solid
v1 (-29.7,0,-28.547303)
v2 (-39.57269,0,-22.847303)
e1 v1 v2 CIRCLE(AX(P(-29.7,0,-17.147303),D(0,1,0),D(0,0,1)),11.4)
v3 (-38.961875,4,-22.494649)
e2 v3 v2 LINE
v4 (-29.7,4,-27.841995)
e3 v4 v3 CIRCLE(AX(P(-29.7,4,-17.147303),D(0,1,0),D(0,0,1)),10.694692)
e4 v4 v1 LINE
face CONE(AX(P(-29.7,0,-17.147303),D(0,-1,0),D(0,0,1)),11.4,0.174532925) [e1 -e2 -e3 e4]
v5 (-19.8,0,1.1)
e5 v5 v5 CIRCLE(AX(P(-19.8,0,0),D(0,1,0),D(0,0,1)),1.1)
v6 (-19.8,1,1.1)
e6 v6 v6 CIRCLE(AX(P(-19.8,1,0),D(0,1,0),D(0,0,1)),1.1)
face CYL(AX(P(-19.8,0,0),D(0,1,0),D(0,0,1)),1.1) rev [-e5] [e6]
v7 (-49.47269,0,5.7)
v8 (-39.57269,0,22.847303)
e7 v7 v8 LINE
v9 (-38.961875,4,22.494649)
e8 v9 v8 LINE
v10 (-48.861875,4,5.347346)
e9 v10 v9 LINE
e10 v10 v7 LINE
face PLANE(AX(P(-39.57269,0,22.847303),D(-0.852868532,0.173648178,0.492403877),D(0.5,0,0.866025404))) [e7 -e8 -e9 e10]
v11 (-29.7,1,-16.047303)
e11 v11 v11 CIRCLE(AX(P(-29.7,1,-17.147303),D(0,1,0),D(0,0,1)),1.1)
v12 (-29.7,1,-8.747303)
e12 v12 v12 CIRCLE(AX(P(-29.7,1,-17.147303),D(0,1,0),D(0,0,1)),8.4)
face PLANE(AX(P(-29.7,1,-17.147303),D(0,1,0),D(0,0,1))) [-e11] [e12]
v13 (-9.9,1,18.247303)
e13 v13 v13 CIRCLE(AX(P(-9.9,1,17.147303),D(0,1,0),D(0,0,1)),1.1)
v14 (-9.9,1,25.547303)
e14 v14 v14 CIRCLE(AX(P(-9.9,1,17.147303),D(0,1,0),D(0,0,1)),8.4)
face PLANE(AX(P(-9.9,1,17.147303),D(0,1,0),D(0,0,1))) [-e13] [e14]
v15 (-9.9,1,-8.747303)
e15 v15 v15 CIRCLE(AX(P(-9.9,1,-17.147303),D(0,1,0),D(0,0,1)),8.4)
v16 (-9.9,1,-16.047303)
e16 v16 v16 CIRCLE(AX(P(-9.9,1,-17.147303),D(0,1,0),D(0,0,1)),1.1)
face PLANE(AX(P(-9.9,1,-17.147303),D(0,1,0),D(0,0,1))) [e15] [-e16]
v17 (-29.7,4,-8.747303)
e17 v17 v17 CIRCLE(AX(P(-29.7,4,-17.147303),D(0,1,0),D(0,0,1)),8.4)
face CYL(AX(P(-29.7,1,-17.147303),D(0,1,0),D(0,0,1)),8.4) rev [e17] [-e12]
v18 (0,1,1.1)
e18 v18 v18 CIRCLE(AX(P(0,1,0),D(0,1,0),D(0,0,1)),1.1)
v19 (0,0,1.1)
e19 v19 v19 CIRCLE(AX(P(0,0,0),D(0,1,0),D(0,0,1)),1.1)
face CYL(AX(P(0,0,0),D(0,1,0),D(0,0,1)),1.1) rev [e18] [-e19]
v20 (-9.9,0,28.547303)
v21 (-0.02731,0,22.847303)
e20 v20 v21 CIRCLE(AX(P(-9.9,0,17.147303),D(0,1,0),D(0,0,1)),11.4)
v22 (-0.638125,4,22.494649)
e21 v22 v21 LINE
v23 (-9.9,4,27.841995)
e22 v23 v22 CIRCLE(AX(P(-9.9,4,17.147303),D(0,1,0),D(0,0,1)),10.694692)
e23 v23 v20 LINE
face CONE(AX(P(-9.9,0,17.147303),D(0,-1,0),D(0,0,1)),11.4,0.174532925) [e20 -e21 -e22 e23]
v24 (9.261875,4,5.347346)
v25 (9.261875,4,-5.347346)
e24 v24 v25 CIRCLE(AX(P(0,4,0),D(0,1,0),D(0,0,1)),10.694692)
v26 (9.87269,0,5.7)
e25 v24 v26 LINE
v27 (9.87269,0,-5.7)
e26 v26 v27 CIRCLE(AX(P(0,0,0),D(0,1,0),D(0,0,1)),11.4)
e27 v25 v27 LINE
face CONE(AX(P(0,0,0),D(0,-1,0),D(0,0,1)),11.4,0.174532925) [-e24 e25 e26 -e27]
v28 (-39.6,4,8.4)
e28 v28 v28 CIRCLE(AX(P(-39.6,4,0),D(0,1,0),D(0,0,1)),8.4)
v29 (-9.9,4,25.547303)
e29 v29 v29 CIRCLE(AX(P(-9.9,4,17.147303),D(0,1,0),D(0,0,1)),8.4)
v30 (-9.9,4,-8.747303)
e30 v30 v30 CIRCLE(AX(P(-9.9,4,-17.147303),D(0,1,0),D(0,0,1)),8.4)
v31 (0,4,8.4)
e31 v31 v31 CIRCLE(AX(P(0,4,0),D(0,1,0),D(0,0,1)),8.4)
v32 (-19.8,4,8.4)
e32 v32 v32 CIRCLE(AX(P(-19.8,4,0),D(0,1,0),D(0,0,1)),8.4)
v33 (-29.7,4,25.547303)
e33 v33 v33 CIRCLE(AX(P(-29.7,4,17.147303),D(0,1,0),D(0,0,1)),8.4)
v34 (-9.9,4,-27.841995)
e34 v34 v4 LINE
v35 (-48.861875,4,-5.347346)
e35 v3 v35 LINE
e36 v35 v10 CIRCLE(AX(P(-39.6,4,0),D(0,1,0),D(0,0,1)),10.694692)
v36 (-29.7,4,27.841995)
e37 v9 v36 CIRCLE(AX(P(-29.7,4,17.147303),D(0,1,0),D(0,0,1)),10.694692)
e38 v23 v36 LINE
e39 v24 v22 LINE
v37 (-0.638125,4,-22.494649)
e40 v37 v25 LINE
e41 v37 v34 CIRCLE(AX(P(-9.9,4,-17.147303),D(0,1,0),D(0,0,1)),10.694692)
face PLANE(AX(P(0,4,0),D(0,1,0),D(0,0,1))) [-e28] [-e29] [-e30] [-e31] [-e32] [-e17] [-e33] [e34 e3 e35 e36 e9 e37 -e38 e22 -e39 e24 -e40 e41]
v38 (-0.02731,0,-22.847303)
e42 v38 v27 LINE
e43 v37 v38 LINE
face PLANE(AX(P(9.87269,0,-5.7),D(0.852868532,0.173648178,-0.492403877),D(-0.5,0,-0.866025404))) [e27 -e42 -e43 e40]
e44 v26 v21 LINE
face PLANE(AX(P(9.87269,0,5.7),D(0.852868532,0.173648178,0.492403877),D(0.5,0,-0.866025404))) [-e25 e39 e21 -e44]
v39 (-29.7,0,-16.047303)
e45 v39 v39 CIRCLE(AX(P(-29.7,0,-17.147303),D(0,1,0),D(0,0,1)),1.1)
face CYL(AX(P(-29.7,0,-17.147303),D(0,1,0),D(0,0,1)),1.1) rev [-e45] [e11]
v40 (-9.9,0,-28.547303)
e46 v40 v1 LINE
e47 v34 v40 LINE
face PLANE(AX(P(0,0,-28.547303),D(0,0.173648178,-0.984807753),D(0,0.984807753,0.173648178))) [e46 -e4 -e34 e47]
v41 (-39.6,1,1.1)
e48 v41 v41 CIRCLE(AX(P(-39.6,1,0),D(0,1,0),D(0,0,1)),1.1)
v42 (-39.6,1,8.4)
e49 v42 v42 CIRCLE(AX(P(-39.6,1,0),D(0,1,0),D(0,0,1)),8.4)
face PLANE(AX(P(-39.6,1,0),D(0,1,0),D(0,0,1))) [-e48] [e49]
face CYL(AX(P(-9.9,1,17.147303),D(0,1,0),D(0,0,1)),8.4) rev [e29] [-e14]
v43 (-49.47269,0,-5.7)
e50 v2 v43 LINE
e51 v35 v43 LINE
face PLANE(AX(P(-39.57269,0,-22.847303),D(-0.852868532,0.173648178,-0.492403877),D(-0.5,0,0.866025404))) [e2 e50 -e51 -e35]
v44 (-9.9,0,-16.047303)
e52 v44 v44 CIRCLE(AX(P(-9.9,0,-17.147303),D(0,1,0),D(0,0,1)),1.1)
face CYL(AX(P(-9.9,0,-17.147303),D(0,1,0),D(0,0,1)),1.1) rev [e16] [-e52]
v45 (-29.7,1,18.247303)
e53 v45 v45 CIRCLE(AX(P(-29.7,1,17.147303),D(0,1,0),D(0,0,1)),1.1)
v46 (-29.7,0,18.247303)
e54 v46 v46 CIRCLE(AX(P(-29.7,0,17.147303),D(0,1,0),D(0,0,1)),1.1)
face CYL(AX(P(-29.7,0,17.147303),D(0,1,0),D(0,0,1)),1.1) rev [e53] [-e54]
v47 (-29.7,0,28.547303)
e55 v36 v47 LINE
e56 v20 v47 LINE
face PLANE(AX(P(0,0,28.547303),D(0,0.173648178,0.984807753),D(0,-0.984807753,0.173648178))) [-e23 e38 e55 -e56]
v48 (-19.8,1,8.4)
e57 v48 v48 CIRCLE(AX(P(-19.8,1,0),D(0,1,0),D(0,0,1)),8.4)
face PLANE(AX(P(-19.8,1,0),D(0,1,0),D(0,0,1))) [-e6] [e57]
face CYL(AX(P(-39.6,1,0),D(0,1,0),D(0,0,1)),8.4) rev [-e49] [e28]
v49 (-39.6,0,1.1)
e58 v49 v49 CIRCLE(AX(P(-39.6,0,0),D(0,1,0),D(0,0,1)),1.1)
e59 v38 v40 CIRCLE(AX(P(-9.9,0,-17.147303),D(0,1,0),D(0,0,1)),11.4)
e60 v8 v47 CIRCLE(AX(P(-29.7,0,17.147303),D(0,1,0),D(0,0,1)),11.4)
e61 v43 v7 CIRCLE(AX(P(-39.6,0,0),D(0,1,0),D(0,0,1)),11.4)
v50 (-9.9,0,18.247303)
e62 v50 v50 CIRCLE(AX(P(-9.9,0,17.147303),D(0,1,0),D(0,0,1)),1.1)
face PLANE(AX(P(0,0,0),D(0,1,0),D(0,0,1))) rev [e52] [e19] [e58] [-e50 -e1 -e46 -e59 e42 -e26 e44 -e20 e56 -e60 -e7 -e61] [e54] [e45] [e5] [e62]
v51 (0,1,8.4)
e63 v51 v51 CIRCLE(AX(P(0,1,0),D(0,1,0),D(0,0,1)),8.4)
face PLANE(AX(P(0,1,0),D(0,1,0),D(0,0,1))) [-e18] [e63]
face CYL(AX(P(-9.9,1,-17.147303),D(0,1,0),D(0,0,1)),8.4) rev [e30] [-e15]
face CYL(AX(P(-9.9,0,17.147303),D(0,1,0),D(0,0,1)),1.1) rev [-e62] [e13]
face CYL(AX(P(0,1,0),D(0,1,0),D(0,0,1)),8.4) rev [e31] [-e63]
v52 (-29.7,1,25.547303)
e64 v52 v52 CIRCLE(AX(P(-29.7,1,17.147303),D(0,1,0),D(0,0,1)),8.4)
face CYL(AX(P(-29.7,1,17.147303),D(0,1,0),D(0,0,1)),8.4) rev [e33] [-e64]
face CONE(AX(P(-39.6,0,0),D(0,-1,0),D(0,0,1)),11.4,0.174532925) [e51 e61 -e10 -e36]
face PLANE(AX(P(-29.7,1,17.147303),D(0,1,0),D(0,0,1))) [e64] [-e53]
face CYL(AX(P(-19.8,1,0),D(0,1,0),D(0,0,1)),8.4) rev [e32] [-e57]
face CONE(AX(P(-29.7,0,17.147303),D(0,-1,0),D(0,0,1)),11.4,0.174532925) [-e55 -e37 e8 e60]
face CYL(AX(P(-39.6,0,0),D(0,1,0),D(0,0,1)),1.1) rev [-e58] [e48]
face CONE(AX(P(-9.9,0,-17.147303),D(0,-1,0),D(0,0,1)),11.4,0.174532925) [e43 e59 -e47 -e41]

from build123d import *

# Parameters (mm, degrees)
BOSS_EXTRUDE1_DEPTH = 4
BOSS_EXTRUDE1_TAPER = 10
CUT_EXTRUDE1_START  = 4
SKETCH1_3_R         = 1.1
CUT_EXTRUDE1_DEPTH  = 4
CUT_EXTRUDE2_START  = 4
SKETCH1_4_R         = 8.4
SKETCH1_4_R_2       = 1.1
CUT_EXTRUDE2_DEPTH  = 3


with BuildPart() as part:
    # Sketch1 → Boss-Extrude1 (new body)
    with BuildSketch(Plane(origin=(0, 0, 0), x_dir=(1, 0, 0), z_dir=(0, 1, 0))):
        with BuildLine():
            ThreePointArc((-29.7, 28.547302995), (-35.4, 27.019992598), (-39.572689603, 22.847302995))
            Line((-39.572689603, 22.847302995), (-49.472689603, 5.7))
            ThreePointArc((-49.472689603, 5.7), (-51, 0), (-49.472689603, -5.7))
            Line((-49.472689603, -5.7), (-39.572689603, -22.847302995))
            ThreePointArc((-39.572689603, -22.847302995), (-35.4, -27.019992598), (-29.7, -28.547302995))
            Line((-29.7, -28.547302995), (-9.9, -28.547302995))
            ThreePointArc((-9.9, -28.547302995), (-4.2, -27.019992598), (-0.027310397, -22.847302995))
            Line((-0.027310397, -22.847302995), (9.872689603, -5.7))
            ThreePointArc((9.872689603, -5.7), (11.4, 0), (9.872689603, 5.7))
            Line((9.872689603, 5.7), (-0.027310397, 22.847302995))
            ThreePointArc((-0.027310397, 22.847302995), (-4.2, 27.019992598), (-9.9, 28.547302995))
            Line((-9.9, 28.547302995), (-29.7, 28.547302995))
        make_face()
    extrude(amount=BOSS_EXTRUDE1_DEPTH, taper=BOSS_EXTRUDE1_TAPER)

    # Sketch1<3> → Cut-Extrude1 (cut)
    with BuildSketch(Plane(origin=(0, 0, 0), x_dir=(1, 0, 0), z_dir=(0, 1, 0)).offset(CUT_EXTRUDE1_START)):
        with Locations(Location((-9.9, -17.147302995, 0), (0, 0, 270))):
            Circle(SKETCH1_3_R)
        with Locations(Location((0, 0, 0), (0, 0, 270))):
            Circle(SKETCH1_3_R)
        with Locations(Location((-29.7, -17.147302995, 0), (0, 0, 270))):
            Circle(SKETCH1_3_R)
        with Locations(Location((-39.6, 0, 0), (0, 0, 270))):
            Circle(SKETCH1_3_R)
        with Locations(Location((-9.9, 17.147302995, 0), (0, 0, 270))):
            Circle(SKETCH1_3_R)
        with Locations(Location((-29.7, 17.147302995, 0), (0, 0, 270))):
            Circle(SKETCH1_3_R)
        with Locations(Location((-19.8, 0, 0), (0, 0, 270))):
            Circle(SKETCH1_3_R)
    extrude(amount=-CUT_EXTRUDE1_DEPTH, mode=Mode.SUBTRACT)

    # Sketch1<4> → Cut-Extrude2 (cut)
    # profile 1 of 7: a face of its own
    with BuildSketch(Plane(origin=(0, 0, 0), x_dir=(1, 0, 0), z_dir=(0, 1, 0)).offset(CUT_EXTRUDE2_START)):
        with Locations(Location((-19.8, 0, 0), (0, 0, 270))):
            Circle(SKETCH1_4_R)
        with Locations(Location((-19.8, 0, 0), (0, 0, 270))):
            Circle(SKETCH1_4_R_2, mode=Mode.SUBTRACT)
    # profile 2 of 7: a face of its own
    with BuildSketch(Plane(origin=(0, 0, 0), x_dir=(1, 0, 0), z_dir=(0, 1, 0)).offset(CUT_EXTRUDE2_START)):
        with Locations(Location((-9.9, -17.147302995, 0), (0, 0, 270))):
            Circle(SKETCH1_4_R)
        with Locations(Location((-9.9, -17.147302995, 0), (0, 0, 270))):
            Circle(SKETCH1_4_R_2, mode=Mode.SUBTRACT)
    # profile 3 of 7: a face of its own
    with BuildSketch(Plane(origin=(0, 0, 0), x_dir=(1, 0, 0), z_dir=(0, 1, 0)).offset(CUT_EXTRUDE2_START)):
        with Locations(Location((0, 0, 0), (0, 0, 270))):
            Circle(SKETCH1_4_R)
        with Locations(Location((0, 0, 0), (0, 0, 270))):
            Circle(SKETCH1_4_R_2, mode=Mode.SUBTRACT)
    # profile 4 of 7: a face of its own
    with BuildSketch(Plane(origin=(0, 0, 0), x_dir=(1, 0, 0), z_dir=(0, 1, 0)).offset(CUT_EXTRUDE2_START)):
        with Locations(Location((-29.7, -17.147302995, 0), (0, 0, 270))):
            Circle(SKETCH1_4_R)
        with Locations(Location((-29.7, -17.147302995, 0), (0, 0, 270))):
            Circle(SKETCH1_4_R_2, mode=Mode.SUBTRACT)
    # profile 5 of 7: a face of its own
    with BuildSketch(Plane(origin=(0, 0, 0), x_dir=(1, 0, 0), z_dir=(0, 1, 0)).offset(CUT_EXTRUDE2_START)):
        with Locations(Location((-39.6, 0, 0), (0, 0, 270))):
            Circle(SKETCH1_4_R)
        with Locations(Location((-39.6, 0, 0), (0, 0, 270))):
            Circle(SKETCH1_4_R_2, mode=Mode.SUBTRACT)
    # profile 6 of 7: a face of its own
    with BuildSketch(Plane(origin=(0, 0, 0), x_dir=(1, 0, 0), z_dir=(0, 1, 0)).offset(CUT_EXTRUDE2_START)):
        with Locations(Location((-9.9, 17.147302995, 0), (0, 0, 270))):
            Circle(SKETCH1_4_R)
        with Locations(Location((-9.9, 17.147302995, 0), (0, 0, 270))):
            Circle(SKETCH1_4_R_2, mode=Mode.SUBTRACT)
    # profile 7 of 7: a face of its own
    with BuildSketch(Plane(origin=(0, 0, 0), x_dir=(1, 0, 0), z_dir=(0, 1, 0)).offset(CUT_EXTRUDE2_START)):
        with Locations(Location((-29.7, 17.147302995, 0), (0, 0, 270))):
            Circle(SKETCH1_4_R)
        with Locations(Location((-29.7, 17.147302995, 0), (0, 0, 270))):
            Circle(SKETCH1_4_R_2, mode=Mode.SUBTRACT)
    extrude(amount=-CUT_EXTRUDE2_DEPTH, mode=Mode.SUBTRACT)


solid = part.part
